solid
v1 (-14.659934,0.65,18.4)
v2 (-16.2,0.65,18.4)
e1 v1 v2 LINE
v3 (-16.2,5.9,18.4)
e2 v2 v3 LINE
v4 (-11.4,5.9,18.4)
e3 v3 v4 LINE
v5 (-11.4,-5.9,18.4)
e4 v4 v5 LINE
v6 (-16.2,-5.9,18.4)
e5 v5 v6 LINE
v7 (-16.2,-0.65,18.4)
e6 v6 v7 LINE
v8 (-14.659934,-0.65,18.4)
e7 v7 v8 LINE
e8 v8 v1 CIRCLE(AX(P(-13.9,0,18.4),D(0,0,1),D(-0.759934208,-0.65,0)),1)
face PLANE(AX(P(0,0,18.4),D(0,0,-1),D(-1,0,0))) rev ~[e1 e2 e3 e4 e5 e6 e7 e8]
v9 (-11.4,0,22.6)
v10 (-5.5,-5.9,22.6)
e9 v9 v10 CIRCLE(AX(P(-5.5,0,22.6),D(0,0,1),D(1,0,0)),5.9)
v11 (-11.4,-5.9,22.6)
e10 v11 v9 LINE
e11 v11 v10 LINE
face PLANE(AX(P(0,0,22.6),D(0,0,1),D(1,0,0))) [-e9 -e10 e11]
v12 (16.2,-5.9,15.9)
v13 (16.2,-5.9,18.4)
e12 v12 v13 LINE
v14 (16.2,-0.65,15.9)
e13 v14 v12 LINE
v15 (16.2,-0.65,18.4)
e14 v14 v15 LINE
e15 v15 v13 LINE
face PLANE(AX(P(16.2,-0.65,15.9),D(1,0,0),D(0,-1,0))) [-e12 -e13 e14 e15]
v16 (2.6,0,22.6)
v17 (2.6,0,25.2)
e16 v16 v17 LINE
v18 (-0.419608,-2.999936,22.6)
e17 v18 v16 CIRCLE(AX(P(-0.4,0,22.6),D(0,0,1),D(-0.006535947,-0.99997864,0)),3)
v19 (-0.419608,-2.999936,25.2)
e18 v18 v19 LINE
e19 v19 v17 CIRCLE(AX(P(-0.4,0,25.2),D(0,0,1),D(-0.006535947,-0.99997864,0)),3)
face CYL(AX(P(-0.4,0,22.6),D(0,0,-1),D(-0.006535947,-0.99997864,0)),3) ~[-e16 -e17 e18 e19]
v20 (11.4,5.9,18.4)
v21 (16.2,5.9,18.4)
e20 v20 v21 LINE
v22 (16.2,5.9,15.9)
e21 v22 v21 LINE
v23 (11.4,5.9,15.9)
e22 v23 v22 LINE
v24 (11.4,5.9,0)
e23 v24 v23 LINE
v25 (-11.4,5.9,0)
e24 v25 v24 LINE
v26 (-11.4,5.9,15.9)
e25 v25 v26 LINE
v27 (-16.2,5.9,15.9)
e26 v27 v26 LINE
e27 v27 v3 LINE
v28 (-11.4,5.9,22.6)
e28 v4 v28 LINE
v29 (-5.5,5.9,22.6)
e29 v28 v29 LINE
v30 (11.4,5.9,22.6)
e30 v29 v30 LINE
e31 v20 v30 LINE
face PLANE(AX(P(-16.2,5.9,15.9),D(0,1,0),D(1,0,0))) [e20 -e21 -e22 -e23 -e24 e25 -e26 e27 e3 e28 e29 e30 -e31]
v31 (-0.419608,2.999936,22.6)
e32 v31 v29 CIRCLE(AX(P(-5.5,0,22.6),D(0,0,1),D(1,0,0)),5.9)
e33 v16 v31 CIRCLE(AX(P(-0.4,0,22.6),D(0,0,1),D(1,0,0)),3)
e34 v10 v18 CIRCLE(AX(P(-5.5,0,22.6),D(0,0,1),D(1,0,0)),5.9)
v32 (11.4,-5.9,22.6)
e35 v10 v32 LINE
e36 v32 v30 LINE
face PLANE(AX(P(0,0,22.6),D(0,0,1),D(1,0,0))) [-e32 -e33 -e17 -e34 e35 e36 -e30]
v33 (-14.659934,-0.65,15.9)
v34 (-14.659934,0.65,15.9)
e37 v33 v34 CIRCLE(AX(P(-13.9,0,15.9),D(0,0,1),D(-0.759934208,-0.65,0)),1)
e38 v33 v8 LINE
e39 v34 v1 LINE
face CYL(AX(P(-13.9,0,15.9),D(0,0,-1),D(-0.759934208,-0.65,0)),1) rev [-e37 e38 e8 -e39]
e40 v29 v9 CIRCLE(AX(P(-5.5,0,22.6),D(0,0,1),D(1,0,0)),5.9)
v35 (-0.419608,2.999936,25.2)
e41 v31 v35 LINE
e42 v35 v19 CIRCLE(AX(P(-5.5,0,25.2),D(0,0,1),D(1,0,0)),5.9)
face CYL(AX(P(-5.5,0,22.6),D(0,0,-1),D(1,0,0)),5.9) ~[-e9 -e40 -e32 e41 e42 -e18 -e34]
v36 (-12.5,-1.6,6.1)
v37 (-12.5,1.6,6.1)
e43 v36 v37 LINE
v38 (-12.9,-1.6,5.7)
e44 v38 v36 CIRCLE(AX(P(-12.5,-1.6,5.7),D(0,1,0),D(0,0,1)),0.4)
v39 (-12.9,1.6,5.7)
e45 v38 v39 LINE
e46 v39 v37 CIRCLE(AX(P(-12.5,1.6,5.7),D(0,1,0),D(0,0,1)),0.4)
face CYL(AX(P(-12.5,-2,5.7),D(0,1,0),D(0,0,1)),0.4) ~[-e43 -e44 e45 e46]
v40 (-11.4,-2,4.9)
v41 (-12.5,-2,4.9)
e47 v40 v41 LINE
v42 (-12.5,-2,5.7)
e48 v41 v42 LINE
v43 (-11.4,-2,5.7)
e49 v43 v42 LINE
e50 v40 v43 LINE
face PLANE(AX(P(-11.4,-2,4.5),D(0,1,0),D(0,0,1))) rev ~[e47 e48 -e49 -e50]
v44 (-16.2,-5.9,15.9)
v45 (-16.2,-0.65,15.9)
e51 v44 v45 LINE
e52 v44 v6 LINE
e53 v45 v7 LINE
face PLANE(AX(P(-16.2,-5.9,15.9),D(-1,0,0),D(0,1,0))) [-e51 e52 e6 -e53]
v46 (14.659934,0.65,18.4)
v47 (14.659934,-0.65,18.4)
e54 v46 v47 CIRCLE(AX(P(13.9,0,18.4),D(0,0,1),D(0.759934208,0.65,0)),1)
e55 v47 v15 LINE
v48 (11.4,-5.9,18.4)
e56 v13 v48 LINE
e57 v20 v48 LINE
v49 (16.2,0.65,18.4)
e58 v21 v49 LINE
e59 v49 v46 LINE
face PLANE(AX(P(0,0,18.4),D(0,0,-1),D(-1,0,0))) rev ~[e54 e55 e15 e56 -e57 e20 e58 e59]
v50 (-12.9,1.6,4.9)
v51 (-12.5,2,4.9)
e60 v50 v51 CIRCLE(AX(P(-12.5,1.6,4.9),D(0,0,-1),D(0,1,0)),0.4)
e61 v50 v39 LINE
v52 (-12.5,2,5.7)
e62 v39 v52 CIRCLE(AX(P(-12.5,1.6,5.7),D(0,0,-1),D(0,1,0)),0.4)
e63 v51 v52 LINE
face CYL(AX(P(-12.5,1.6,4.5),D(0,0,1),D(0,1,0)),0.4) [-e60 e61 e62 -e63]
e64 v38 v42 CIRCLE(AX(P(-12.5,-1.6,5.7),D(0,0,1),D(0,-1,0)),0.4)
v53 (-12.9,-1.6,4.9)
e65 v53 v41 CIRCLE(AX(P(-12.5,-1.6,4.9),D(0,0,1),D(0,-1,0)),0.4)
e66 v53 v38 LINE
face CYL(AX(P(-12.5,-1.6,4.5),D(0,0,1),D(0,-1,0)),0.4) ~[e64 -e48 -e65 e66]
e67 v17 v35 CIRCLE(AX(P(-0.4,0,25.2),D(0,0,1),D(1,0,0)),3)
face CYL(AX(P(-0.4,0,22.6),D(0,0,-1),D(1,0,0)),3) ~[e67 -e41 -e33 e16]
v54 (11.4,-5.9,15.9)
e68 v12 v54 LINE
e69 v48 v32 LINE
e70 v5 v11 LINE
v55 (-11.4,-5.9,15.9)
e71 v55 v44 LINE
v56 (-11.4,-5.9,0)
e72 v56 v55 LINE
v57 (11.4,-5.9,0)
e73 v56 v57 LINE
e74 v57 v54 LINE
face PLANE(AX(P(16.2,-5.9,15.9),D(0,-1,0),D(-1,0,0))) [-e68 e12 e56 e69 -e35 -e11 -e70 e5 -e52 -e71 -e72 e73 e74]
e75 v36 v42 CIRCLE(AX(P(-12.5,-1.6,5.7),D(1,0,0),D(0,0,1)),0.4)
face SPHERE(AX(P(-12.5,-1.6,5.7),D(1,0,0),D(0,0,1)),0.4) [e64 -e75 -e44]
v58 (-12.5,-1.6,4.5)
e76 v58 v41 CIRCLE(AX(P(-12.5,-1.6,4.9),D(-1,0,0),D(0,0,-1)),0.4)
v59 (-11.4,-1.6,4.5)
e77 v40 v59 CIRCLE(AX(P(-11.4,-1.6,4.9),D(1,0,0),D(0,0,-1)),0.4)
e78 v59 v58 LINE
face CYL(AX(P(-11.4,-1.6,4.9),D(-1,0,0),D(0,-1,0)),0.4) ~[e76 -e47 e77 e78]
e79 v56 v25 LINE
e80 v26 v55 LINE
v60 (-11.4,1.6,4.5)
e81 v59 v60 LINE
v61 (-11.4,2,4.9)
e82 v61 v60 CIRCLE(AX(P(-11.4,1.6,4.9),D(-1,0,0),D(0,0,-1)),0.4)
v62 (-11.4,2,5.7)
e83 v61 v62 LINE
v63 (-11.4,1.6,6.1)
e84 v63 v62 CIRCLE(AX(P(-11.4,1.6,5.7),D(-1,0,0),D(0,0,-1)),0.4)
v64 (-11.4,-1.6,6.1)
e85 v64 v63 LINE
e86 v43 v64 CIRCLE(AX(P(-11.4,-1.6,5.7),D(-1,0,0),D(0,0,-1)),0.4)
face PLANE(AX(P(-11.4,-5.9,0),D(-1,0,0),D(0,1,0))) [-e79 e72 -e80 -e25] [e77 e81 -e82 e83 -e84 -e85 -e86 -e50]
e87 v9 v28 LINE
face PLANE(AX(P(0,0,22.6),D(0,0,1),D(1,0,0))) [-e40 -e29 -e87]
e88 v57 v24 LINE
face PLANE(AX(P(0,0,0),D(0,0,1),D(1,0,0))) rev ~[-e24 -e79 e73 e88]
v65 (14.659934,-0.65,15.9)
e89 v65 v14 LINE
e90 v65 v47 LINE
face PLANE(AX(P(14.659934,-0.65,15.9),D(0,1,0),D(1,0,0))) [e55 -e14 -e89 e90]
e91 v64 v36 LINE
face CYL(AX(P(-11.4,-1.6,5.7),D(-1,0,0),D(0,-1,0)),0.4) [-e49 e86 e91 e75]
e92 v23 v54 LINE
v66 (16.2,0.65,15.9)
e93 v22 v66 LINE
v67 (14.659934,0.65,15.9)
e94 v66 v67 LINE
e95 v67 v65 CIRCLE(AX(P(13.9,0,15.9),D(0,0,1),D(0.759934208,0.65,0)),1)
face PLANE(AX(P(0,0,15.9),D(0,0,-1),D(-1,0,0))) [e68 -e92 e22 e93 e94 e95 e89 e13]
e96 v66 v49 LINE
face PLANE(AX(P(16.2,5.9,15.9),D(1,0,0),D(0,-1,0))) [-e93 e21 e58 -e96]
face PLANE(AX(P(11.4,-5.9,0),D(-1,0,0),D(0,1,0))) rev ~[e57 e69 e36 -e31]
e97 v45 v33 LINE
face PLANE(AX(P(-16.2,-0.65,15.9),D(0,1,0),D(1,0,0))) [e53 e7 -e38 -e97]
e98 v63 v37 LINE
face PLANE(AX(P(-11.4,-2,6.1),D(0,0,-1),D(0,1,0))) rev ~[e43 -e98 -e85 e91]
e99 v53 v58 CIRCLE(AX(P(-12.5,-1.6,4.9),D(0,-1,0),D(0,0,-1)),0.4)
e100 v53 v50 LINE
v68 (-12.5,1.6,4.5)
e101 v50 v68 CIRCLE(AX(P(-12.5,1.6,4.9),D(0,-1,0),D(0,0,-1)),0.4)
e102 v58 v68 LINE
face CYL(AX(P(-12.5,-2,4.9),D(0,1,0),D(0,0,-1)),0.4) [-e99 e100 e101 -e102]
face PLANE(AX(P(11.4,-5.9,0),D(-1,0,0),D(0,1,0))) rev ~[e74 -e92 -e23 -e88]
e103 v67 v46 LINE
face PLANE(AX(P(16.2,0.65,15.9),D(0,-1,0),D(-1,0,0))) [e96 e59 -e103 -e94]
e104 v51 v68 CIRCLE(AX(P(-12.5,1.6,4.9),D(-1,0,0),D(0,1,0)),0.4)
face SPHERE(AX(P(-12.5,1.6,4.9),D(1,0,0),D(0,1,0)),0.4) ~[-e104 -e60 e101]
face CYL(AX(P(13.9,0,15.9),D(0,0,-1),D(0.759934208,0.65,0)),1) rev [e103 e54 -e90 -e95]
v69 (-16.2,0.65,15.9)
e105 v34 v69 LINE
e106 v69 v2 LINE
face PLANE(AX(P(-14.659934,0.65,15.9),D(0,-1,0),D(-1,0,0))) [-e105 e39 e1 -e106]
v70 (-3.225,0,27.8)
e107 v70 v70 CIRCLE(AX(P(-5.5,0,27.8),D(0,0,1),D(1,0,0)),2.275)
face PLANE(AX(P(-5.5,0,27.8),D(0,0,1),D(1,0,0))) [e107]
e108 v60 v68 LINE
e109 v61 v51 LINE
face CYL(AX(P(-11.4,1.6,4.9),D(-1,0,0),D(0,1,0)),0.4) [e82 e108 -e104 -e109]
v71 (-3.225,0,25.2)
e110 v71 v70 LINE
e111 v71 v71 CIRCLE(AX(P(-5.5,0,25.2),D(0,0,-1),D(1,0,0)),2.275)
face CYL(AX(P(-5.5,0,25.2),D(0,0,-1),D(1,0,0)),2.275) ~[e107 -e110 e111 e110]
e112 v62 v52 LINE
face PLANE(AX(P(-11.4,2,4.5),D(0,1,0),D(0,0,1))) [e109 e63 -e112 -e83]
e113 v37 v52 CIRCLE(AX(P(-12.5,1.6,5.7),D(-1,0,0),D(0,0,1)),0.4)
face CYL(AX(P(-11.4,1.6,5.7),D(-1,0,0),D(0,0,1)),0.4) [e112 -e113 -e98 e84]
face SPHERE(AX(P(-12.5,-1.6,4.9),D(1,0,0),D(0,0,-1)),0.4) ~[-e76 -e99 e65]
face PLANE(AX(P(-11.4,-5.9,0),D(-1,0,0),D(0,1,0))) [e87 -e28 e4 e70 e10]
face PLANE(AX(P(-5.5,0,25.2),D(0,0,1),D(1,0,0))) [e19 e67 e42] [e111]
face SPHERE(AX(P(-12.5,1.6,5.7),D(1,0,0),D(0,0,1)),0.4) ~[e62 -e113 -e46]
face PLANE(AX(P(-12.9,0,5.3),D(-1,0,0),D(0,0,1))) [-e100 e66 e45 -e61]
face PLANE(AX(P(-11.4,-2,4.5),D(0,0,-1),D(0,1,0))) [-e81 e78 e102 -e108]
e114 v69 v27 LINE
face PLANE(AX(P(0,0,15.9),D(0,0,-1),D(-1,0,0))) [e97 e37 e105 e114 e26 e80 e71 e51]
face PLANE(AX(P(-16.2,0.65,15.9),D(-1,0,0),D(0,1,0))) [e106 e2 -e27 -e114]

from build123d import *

# Parameters (mm, degrees)
SKETCH_1_W      = 22.8
SKETCH_1_H      = 11.8
EXTRUDE_1_DEPTH = 22.6
SKETCH_2_R      = 5.9
EXTRUDE_2_DEPTH = 2.6
SKETCH_3_R      = 2.275
EXTRUDE_3_DEPTH = 2.6
EXTRUDE_4_DEPTH = 2.6
EXTRUDE_5_DEPTH = 2.5
SKETCH_6_W      = 1.6
SKETCH_6_H      = 4
EXTRUDE_6_DEPTH = 1.5
FILLET_1_R      = 0.4


with BuildPart() as part:
    # Эскиз1 → Бобышка-Вытянуть1 (new body)
    with BuildSketch(Plane.XY):
        Rectangle(SKETCH_1_W, SKETCH_1_H)
    extrude(amount=EXTRUDE_1_DEPTH)

    # Эскиз2 → Бобышка-Вытянуть2 (add)
    with BuildSketch(Plane.XY.offset(22.6)):
        with Locations((-5.5, 0)):
            Circle(SKETCH_2_R)
    extrude(amount=EXTRUDE_2_DEPTH)

    # Эскиз3 → Бобышка-Вытянуть3 (add)
    with BuildSketch(Plane.XY.offset(25.2)):
        with Locations((-5.5, 0)):
            Circle(SKETCH_3_R)
    extrude(amount=EXTRUDE_3_DEPTH)

    # Эскиз4 → Бобышка-Вытянуть4 (add)
    with BuildSketch(Plane.XY.offset(22.6)):
        with BuildLine():
            ThreePointArc((-0.419607843, 2.999935921), (-3.4, 0), (-0.419607843, -2.999935921))
            ThreePointArc((-0.419607843, -2.999935921), (0.4, 0), (-0.419607843, 2.999935921))
        make_face()
        with BuildLine():
            ThreePointArc((-0.419607843, 2.999935921), (0.4, 0), (-0.419607843, -2.999935921))
            ThreePointArc((-0.419607843, -2.999935921), (1.714376559, -2.128241472), (2.6, 0))
            ThreePointArc((2.6, 0), (1.714376559, 2.128241472), (-0.419607843, 2.999935921))
        make_face()
    extrude(amount=EXTRUDE_4_DEPTH)

    # Эскиз5 → Бобышка-Вытянуть5 (add)
    with BuildSketch(Plane(origin=(0, 0, 15.9), x_dir=(-1, 0, 0), z_dir=(0, 0, -1))):
        with BuildLine():
            Line((16.2, 5.9), (-16.2, 5.9))
            Line((-16.2, 5.9), (-16.2, 0.65))
            Line((-16.2, 0.65), (-14.659934208, 0.65))
            ThreePointArc((-14.659934208, 0.65), (-12.9, 0), (-14.659934208, -0.65))
            Line((-14.659934208, -0.65), (-16.2, -0.65))
            Line((-16.2, -0.65), (-16.2, -5.9))
            Line((-16.2, -5.9), (16.2, -5.9))
            Line((16.2, -5.9), (16.2, -0.65))
            Line((16.2, -0.65), (14.659934208, -0.65))
            ThreePointArc((14.659934208, -0.65), (12.9, 0), (14.659934208, 0.65))
            Line((14.659934208, 0.65), (16.2, 0.65))
            Line((16.2, 0.65), (16.2, 5.9))
        make_face()
    extrude(amount=-EXTRUDE_5_DEPTH)

    # Эскиз6 → Бобышка-Вытянуть6 (add)
    with BuildSketch(Plane.ZY.offset(11.4)):
        with Locations((5.3, 0)):
            Rectangle(SKETCH_6_W, SKETCH_6_H)
    extrude(amount=EXTRUDE_6_DEPTH)

    # Скругление1
    fillet_1_edges = [part.edges().sort_by_distance(p)[0] for p in [
        (-12.15, -2, 6.1),
        (-12.15, 2, 6.1),
        (-12.15, 2, 4.5),
        (-12.15, -2, 4.5),
        (-12.9, 0, 6.1),
        (-12.9, 2, 5.3),
        (-12.9, 0, 4.5),
        (-12.9, -2, 5.3),
    ]]
    fillet(fillet_1_edges, radius=FILLET_1_R)


solid = part.part
